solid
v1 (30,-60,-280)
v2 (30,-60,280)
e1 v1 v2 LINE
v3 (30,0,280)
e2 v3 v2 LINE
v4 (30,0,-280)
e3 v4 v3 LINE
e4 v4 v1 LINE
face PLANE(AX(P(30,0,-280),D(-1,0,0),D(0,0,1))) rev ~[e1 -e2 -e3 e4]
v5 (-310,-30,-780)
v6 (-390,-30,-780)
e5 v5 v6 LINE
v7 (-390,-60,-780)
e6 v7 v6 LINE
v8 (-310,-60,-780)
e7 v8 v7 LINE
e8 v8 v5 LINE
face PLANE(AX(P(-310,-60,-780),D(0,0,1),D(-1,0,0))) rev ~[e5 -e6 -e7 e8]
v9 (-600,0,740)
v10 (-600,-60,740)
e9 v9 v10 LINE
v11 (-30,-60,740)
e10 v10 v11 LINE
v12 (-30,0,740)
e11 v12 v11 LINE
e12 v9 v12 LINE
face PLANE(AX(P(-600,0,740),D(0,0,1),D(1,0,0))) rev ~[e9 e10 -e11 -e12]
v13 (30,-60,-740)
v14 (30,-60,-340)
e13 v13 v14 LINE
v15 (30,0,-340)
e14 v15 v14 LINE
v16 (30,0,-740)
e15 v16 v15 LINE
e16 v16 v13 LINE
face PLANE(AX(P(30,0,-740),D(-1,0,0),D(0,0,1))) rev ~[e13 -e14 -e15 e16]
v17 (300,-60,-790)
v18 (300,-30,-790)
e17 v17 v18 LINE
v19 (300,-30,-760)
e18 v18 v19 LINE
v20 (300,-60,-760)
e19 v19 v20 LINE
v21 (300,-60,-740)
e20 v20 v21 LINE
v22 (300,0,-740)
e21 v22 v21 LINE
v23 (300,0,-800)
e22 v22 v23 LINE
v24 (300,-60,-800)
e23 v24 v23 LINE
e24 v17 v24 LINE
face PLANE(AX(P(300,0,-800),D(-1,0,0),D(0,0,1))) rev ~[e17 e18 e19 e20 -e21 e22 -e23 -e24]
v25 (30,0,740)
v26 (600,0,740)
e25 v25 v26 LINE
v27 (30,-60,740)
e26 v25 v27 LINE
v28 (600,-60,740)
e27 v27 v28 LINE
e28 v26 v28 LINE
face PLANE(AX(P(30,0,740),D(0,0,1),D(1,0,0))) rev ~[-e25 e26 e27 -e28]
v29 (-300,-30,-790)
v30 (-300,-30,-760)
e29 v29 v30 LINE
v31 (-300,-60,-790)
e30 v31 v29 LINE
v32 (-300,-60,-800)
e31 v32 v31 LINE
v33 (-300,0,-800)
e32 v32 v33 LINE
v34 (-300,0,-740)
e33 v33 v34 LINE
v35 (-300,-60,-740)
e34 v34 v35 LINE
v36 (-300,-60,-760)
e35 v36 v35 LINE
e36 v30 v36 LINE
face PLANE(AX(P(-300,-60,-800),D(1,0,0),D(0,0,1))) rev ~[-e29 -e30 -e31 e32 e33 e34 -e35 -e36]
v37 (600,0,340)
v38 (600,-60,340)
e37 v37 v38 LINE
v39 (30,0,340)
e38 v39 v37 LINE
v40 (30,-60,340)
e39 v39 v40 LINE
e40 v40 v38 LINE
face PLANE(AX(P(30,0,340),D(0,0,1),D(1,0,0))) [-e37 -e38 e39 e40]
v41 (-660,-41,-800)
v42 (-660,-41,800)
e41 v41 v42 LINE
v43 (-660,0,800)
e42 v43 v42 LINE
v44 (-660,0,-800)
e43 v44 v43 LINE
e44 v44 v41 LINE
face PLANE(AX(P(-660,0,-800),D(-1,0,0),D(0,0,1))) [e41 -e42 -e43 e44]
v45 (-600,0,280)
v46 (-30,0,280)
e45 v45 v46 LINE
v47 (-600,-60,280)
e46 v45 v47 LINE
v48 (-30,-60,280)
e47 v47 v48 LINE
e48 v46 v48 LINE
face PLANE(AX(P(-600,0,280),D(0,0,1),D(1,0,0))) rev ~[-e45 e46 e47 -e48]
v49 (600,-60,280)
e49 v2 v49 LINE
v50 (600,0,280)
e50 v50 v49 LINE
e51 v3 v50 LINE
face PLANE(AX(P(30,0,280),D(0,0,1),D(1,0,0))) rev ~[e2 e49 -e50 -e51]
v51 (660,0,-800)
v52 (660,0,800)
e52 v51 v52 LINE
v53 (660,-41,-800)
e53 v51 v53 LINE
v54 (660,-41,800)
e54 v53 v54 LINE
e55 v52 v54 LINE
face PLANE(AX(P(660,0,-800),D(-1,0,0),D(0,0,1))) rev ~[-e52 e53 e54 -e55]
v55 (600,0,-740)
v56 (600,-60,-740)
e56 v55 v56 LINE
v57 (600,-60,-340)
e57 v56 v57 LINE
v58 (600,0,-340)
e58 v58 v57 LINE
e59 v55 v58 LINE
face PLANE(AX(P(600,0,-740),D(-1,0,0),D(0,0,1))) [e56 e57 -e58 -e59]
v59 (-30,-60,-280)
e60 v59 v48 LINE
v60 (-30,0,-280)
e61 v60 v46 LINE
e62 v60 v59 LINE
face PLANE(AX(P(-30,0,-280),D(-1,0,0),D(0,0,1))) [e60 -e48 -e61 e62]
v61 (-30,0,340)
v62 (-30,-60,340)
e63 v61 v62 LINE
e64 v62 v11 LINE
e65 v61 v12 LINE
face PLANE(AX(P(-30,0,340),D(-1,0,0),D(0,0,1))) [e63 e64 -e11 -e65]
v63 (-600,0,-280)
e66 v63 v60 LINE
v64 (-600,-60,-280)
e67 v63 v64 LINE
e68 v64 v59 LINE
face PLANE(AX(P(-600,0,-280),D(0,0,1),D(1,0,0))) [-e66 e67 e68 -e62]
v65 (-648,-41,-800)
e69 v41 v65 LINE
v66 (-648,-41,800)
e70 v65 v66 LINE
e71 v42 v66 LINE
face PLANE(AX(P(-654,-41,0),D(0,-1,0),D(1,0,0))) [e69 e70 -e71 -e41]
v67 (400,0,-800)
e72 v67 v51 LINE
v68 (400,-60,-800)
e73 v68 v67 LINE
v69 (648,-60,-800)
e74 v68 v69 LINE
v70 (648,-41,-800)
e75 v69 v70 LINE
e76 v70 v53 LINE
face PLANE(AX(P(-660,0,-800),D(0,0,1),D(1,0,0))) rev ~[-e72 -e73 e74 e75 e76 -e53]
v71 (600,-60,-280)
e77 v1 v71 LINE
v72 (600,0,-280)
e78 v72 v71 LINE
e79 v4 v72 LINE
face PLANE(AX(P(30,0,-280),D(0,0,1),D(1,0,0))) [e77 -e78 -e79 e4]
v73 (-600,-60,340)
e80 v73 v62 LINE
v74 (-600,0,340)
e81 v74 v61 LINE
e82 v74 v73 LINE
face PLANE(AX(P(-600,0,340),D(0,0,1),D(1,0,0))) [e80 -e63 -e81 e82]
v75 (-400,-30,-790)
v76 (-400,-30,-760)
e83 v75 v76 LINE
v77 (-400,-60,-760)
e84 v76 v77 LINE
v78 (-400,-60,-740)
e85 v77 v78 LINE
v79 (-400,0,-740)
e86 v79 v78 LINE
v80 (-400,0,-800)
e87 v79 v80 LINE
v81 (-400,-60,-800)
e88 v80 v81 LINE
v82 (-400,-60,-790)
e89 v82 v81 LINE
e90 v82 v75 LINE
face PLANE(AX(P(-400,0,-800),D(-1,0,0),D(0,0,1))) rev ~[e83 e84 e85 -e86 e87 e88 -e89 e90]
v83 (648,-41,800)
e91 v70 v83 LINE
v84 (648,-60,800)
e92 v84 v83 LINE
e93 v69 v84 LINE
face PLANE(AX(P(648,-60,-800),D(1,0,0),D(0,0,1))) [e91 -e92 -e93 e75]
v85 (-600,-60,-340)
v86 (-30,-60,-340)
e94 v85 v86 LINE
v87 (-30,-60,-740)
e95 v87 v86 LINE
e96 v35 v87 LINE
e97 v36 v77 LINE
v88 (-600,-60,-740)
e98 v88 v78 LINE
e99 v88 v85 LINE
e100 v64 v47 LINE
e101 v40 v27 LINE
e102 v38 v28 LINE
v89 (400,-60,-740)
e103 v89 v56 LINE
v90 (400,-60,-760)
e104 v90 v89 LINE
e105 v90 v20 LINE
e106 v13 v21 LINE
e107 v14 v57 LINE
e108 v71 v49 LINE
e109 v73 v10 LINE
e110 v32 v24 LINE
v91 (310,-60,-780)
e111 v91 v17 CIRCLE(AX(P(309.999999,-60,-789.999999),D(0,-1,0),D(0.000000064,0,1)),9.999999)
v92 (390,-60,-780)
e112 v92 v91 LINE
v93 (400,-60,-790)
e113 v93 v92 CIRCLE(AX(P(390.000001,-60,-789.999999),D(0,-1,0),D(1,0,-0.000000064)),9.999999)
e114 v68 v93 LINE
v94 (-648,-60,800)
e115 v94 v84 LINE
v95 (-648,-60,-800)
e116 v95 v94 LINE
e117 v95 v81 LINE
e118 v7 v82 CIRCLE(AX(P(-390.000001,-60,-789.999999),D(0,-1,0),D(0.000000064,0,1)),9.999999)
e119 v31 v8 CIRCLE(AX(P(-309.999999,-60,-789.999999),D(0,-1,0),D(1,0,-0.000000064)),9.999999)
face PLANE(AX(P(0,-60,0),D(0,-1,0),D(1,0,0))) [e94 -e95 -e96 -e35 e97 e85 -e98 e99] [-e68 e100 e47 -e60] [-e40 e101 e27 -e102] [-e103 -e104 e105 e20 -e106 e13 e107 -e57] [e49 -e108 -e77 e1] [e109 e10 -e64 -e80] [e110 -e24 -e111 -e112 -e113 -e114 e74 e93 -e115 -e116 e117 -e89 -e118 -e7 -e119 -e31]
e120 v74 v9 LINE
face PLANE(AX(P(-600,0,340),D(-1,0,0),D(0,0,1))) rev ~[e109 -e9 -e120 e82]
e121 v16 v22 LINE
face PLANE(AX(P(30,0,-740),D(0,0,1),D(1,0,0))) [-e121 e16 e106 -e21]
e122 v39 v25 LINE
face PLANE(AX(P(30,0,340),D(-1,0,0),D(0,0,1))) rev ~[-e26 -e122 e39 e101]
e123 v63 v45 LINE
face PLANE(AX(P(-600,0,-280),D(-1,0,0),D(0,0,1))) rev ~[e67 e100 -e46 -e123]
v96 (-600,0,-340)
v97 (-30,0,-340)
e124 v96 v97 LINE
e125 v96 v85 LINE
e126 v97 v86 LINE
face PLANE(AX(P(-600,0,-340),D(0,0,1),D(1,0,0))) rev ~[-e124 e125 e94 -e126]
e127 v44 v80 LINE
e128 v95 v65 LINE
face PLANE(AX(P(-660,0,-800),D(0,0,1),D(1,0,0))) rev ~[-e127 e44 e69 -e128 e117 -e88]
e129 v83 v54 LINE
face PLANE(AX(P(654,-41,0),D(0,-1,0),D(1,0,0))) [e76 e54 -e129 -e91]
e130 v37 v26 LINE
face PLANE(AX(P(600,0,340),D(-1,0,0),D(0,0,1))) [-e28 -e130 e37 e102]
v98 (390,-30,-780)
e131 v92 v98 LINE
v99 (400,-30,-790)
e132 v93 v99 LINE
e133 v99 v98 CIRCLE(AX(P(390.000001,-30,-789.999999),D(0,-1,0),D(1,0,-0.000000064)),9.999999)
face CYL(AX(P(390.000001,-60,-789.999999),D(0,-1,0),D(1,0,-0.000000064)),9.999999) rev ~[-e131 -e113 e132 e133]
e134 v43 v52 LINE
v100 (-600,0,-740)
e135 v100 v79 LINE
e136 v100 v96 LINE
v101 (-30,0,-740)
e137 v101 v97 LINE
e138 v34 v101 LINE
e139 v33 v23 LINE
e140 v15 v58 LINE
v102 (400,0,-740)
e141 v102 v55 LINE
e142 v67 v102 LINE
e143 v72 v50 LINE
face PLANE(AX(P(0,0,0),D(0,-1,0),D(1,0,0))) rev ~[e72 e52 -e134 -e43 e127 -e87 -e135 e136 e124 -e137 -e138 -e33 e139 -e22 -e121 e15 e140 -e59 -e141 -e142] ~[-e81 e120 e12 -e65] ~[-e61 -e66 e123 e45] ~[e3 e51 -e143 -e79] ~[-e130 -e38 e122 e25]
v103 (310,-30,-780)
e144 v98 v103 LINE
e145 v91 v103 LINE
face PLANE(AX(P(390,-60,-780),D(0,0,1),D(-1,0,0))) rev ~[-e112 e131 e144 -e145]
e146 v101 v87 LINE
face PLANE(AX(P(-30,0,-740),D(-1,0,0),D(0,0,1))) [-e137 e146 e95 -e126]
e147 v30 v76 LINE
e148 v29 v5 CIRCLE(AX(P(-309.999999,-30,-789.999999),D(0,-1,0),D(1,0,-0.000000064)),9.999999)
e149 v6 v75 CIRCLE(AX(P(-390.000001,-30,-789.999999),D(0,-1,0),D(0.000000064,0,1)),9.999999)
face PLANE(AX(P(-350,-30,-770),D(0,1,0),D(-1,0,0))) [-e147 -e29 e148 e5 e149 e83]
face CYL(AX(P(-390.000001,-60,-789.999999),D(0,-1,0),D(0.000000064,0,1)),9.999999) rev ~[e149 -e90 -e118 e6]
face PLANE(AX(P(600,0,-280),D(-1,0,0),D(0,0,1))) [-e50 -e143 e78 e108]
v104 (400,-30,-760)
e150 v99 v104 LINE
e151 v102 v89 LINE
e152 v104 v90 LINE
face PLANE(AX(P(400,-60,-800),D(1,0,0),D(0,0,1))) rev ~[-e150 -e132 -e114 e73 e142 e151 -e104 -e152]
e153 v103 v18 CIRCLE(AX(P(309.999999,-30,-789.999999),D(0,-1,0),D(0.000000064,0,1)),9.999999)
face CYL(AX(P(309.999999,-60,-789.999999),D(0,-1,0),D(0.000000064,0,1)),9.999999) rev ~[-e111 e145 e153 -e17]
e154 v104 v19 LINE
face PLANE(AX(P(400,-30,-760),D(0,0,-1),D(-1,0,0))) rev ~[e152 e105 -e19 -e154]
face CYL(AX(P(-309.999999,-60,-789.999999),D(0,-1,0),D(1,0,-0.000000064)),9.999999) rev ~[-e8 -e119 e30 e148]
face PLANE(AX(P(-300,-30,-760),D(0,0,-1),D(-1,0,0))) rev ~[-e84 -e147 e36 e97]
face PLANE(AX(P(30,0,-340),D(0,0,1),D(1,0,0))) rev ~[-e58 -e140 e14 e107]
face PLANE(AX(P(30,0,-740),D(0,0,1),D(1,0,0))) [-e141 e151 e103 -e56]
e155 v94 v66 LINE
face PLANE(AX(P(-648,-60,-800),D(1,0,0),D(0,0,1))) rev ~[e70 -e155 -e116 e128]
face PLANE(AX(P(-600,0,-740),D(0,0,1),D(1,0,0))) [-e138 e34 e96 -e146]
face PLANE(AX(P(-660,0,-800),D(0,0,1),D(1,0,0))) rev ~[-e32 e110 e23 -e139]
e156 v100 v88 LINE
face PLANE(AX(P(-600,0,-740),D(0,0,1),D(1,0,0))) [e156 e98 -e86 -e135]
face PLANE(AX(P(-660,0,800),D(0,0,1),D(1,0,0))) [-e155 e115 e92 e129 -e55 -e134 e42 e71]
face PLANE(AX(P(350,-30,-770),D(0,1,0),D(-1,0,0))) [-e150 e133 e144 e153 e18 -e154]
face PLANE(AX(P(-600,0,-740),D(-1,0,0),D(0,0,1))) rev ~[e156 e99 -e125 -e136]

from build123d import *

# Parameters (mm, degrees)
F0_W      = 1320
F0_H      = 1600
F0_W_2    = 570
F0_H_2    = 400
F0_H_3    = 560
F1_DEPTH  = 60
F2_W      = 12
F2_H      = 1600
F3_DEPTH  = 19
F5_DEPTH  = 60
F6_W      = 100
F6_H      = 60
F7_DEPTH  = 30
F8_W      = 100
F8_H      = 20
F9_DEPTH  = 30
F10_W     = 100
F10_H     = 20
F11_DEPTH = 30


with BuildPart() as f1:
    # F0 (on Front) → F1 (new body)
    with BuildSketch(Plane.XZ):
        Rectangle(F0_W, F0_H)
        with Locations((-315, -540)):
            Rectangle(F0_W_2, F0_H_2, mode=Mode.SUBTRACT)
        with Locations((315, -540)):
            Rectangle(F0_W_2, F0_H_2, mode=Mode.SUBTRACT)
        with Locations((-315, 0)):
            Rectangle(F0_W_2, F0_H_3, mode=Mode.SUBTRACT)
        with Locations((-315, 540)):
            Rectangle(F0_W_2, F0_H_2, mode=Mode.SUBTRACT)
        with Locations((315, 0)):
            Rectangle(F0_W_2, F0_H_3, mode=Mode.SUBTRACT)
        with Locations((315, 540)):
            Rectangle(F0_W_2, F0_H_2, mode=Mode.SUBTRACT)
    extrude(amount=F1_DEPTH)

    # F2 (on face) → F3 (cut)
    with BuildSketch(Plane.XZ.offset(60)):
        with Locations((-654, 0)):
            Rectangle(F2_W, F2_H)
        with Locations((654, 0)):
            Rectangle(F2_W, F2_H)
    extrude(amount=-F3_DEPTH, mode=Mode.SUBTRACT)

    # F4 (on face) → F5 (cut)
    with BuildSketch(Plane.XZ.offset(60)):
        with BuildLine():
            Line((-400, -790), (-400, -800))
            Line((-400, -800), (-300, -800))
            Line((-300, -800), (-300, -790))
            ThreePointArc((-300, -790), (-302.928932, -782.928932), (-310, -780))
            Line((-310, -780), (-390, -780))
            ThreePointArc((-390, -780), (-397.071068, -782.928932), (-400, -790))
        make_face()
        with BuildLine():
            Line((300, -790), (300, -800))
            Line((300, -800), (400, -800))
            Line((400, -800), (400, -790))
            ThreePointArc((400, -790), (397.071068, -782.928932), (390, -780))
            Line((390, -780), (310, -780))
            ThreePointArc((310, -780), (302.928932, -782.928932), (300, -790))
        make_face()
    extrude(amount=-F5_DEPTH, mode=Mode.SUBTRACT)

    # F6 (on face) → F7 (cut)
    with BuildSketch(Plane(origin=(0, 0, 0), x_dir=(-1, 0, 0), z_dir=(0, 1, 0))):
        with Locations((-350, -770)):
            Rectangle(F6_W, F6_H)
        with Locations((350, -770)):
            Rectangle(F6_W, F6_H)
    extrude(amount=-F7_DEPTH, mode=Mode.SUBTRACT)

    # F8 (on face) → F9 (cut)
    with BuildSketch(Plane(origin=(0, -30, 0), x_dir=(-1, 0, 0), z_dir=(0, 1, 0))):
        with Locations((-350, -750)):
            Rectangle(F8_W, F8_H)
    extrude(amount=-F9_DEPTH, mode=Mode.SUBTRACT)

    # F10 (on face) → F11 (cut)
    with BuildSketch(Plane(origin=(0, -30, 0), x_dir=(-1, 0, 0), z_dir=(0, 1, 0))):
        with Locations((350, -750)):
            Rectangle(F10_W, F10_H)
    extrude(amount=-F11_DEPTH, mode=Mode.SUBTRACT)


solid = f1.part
